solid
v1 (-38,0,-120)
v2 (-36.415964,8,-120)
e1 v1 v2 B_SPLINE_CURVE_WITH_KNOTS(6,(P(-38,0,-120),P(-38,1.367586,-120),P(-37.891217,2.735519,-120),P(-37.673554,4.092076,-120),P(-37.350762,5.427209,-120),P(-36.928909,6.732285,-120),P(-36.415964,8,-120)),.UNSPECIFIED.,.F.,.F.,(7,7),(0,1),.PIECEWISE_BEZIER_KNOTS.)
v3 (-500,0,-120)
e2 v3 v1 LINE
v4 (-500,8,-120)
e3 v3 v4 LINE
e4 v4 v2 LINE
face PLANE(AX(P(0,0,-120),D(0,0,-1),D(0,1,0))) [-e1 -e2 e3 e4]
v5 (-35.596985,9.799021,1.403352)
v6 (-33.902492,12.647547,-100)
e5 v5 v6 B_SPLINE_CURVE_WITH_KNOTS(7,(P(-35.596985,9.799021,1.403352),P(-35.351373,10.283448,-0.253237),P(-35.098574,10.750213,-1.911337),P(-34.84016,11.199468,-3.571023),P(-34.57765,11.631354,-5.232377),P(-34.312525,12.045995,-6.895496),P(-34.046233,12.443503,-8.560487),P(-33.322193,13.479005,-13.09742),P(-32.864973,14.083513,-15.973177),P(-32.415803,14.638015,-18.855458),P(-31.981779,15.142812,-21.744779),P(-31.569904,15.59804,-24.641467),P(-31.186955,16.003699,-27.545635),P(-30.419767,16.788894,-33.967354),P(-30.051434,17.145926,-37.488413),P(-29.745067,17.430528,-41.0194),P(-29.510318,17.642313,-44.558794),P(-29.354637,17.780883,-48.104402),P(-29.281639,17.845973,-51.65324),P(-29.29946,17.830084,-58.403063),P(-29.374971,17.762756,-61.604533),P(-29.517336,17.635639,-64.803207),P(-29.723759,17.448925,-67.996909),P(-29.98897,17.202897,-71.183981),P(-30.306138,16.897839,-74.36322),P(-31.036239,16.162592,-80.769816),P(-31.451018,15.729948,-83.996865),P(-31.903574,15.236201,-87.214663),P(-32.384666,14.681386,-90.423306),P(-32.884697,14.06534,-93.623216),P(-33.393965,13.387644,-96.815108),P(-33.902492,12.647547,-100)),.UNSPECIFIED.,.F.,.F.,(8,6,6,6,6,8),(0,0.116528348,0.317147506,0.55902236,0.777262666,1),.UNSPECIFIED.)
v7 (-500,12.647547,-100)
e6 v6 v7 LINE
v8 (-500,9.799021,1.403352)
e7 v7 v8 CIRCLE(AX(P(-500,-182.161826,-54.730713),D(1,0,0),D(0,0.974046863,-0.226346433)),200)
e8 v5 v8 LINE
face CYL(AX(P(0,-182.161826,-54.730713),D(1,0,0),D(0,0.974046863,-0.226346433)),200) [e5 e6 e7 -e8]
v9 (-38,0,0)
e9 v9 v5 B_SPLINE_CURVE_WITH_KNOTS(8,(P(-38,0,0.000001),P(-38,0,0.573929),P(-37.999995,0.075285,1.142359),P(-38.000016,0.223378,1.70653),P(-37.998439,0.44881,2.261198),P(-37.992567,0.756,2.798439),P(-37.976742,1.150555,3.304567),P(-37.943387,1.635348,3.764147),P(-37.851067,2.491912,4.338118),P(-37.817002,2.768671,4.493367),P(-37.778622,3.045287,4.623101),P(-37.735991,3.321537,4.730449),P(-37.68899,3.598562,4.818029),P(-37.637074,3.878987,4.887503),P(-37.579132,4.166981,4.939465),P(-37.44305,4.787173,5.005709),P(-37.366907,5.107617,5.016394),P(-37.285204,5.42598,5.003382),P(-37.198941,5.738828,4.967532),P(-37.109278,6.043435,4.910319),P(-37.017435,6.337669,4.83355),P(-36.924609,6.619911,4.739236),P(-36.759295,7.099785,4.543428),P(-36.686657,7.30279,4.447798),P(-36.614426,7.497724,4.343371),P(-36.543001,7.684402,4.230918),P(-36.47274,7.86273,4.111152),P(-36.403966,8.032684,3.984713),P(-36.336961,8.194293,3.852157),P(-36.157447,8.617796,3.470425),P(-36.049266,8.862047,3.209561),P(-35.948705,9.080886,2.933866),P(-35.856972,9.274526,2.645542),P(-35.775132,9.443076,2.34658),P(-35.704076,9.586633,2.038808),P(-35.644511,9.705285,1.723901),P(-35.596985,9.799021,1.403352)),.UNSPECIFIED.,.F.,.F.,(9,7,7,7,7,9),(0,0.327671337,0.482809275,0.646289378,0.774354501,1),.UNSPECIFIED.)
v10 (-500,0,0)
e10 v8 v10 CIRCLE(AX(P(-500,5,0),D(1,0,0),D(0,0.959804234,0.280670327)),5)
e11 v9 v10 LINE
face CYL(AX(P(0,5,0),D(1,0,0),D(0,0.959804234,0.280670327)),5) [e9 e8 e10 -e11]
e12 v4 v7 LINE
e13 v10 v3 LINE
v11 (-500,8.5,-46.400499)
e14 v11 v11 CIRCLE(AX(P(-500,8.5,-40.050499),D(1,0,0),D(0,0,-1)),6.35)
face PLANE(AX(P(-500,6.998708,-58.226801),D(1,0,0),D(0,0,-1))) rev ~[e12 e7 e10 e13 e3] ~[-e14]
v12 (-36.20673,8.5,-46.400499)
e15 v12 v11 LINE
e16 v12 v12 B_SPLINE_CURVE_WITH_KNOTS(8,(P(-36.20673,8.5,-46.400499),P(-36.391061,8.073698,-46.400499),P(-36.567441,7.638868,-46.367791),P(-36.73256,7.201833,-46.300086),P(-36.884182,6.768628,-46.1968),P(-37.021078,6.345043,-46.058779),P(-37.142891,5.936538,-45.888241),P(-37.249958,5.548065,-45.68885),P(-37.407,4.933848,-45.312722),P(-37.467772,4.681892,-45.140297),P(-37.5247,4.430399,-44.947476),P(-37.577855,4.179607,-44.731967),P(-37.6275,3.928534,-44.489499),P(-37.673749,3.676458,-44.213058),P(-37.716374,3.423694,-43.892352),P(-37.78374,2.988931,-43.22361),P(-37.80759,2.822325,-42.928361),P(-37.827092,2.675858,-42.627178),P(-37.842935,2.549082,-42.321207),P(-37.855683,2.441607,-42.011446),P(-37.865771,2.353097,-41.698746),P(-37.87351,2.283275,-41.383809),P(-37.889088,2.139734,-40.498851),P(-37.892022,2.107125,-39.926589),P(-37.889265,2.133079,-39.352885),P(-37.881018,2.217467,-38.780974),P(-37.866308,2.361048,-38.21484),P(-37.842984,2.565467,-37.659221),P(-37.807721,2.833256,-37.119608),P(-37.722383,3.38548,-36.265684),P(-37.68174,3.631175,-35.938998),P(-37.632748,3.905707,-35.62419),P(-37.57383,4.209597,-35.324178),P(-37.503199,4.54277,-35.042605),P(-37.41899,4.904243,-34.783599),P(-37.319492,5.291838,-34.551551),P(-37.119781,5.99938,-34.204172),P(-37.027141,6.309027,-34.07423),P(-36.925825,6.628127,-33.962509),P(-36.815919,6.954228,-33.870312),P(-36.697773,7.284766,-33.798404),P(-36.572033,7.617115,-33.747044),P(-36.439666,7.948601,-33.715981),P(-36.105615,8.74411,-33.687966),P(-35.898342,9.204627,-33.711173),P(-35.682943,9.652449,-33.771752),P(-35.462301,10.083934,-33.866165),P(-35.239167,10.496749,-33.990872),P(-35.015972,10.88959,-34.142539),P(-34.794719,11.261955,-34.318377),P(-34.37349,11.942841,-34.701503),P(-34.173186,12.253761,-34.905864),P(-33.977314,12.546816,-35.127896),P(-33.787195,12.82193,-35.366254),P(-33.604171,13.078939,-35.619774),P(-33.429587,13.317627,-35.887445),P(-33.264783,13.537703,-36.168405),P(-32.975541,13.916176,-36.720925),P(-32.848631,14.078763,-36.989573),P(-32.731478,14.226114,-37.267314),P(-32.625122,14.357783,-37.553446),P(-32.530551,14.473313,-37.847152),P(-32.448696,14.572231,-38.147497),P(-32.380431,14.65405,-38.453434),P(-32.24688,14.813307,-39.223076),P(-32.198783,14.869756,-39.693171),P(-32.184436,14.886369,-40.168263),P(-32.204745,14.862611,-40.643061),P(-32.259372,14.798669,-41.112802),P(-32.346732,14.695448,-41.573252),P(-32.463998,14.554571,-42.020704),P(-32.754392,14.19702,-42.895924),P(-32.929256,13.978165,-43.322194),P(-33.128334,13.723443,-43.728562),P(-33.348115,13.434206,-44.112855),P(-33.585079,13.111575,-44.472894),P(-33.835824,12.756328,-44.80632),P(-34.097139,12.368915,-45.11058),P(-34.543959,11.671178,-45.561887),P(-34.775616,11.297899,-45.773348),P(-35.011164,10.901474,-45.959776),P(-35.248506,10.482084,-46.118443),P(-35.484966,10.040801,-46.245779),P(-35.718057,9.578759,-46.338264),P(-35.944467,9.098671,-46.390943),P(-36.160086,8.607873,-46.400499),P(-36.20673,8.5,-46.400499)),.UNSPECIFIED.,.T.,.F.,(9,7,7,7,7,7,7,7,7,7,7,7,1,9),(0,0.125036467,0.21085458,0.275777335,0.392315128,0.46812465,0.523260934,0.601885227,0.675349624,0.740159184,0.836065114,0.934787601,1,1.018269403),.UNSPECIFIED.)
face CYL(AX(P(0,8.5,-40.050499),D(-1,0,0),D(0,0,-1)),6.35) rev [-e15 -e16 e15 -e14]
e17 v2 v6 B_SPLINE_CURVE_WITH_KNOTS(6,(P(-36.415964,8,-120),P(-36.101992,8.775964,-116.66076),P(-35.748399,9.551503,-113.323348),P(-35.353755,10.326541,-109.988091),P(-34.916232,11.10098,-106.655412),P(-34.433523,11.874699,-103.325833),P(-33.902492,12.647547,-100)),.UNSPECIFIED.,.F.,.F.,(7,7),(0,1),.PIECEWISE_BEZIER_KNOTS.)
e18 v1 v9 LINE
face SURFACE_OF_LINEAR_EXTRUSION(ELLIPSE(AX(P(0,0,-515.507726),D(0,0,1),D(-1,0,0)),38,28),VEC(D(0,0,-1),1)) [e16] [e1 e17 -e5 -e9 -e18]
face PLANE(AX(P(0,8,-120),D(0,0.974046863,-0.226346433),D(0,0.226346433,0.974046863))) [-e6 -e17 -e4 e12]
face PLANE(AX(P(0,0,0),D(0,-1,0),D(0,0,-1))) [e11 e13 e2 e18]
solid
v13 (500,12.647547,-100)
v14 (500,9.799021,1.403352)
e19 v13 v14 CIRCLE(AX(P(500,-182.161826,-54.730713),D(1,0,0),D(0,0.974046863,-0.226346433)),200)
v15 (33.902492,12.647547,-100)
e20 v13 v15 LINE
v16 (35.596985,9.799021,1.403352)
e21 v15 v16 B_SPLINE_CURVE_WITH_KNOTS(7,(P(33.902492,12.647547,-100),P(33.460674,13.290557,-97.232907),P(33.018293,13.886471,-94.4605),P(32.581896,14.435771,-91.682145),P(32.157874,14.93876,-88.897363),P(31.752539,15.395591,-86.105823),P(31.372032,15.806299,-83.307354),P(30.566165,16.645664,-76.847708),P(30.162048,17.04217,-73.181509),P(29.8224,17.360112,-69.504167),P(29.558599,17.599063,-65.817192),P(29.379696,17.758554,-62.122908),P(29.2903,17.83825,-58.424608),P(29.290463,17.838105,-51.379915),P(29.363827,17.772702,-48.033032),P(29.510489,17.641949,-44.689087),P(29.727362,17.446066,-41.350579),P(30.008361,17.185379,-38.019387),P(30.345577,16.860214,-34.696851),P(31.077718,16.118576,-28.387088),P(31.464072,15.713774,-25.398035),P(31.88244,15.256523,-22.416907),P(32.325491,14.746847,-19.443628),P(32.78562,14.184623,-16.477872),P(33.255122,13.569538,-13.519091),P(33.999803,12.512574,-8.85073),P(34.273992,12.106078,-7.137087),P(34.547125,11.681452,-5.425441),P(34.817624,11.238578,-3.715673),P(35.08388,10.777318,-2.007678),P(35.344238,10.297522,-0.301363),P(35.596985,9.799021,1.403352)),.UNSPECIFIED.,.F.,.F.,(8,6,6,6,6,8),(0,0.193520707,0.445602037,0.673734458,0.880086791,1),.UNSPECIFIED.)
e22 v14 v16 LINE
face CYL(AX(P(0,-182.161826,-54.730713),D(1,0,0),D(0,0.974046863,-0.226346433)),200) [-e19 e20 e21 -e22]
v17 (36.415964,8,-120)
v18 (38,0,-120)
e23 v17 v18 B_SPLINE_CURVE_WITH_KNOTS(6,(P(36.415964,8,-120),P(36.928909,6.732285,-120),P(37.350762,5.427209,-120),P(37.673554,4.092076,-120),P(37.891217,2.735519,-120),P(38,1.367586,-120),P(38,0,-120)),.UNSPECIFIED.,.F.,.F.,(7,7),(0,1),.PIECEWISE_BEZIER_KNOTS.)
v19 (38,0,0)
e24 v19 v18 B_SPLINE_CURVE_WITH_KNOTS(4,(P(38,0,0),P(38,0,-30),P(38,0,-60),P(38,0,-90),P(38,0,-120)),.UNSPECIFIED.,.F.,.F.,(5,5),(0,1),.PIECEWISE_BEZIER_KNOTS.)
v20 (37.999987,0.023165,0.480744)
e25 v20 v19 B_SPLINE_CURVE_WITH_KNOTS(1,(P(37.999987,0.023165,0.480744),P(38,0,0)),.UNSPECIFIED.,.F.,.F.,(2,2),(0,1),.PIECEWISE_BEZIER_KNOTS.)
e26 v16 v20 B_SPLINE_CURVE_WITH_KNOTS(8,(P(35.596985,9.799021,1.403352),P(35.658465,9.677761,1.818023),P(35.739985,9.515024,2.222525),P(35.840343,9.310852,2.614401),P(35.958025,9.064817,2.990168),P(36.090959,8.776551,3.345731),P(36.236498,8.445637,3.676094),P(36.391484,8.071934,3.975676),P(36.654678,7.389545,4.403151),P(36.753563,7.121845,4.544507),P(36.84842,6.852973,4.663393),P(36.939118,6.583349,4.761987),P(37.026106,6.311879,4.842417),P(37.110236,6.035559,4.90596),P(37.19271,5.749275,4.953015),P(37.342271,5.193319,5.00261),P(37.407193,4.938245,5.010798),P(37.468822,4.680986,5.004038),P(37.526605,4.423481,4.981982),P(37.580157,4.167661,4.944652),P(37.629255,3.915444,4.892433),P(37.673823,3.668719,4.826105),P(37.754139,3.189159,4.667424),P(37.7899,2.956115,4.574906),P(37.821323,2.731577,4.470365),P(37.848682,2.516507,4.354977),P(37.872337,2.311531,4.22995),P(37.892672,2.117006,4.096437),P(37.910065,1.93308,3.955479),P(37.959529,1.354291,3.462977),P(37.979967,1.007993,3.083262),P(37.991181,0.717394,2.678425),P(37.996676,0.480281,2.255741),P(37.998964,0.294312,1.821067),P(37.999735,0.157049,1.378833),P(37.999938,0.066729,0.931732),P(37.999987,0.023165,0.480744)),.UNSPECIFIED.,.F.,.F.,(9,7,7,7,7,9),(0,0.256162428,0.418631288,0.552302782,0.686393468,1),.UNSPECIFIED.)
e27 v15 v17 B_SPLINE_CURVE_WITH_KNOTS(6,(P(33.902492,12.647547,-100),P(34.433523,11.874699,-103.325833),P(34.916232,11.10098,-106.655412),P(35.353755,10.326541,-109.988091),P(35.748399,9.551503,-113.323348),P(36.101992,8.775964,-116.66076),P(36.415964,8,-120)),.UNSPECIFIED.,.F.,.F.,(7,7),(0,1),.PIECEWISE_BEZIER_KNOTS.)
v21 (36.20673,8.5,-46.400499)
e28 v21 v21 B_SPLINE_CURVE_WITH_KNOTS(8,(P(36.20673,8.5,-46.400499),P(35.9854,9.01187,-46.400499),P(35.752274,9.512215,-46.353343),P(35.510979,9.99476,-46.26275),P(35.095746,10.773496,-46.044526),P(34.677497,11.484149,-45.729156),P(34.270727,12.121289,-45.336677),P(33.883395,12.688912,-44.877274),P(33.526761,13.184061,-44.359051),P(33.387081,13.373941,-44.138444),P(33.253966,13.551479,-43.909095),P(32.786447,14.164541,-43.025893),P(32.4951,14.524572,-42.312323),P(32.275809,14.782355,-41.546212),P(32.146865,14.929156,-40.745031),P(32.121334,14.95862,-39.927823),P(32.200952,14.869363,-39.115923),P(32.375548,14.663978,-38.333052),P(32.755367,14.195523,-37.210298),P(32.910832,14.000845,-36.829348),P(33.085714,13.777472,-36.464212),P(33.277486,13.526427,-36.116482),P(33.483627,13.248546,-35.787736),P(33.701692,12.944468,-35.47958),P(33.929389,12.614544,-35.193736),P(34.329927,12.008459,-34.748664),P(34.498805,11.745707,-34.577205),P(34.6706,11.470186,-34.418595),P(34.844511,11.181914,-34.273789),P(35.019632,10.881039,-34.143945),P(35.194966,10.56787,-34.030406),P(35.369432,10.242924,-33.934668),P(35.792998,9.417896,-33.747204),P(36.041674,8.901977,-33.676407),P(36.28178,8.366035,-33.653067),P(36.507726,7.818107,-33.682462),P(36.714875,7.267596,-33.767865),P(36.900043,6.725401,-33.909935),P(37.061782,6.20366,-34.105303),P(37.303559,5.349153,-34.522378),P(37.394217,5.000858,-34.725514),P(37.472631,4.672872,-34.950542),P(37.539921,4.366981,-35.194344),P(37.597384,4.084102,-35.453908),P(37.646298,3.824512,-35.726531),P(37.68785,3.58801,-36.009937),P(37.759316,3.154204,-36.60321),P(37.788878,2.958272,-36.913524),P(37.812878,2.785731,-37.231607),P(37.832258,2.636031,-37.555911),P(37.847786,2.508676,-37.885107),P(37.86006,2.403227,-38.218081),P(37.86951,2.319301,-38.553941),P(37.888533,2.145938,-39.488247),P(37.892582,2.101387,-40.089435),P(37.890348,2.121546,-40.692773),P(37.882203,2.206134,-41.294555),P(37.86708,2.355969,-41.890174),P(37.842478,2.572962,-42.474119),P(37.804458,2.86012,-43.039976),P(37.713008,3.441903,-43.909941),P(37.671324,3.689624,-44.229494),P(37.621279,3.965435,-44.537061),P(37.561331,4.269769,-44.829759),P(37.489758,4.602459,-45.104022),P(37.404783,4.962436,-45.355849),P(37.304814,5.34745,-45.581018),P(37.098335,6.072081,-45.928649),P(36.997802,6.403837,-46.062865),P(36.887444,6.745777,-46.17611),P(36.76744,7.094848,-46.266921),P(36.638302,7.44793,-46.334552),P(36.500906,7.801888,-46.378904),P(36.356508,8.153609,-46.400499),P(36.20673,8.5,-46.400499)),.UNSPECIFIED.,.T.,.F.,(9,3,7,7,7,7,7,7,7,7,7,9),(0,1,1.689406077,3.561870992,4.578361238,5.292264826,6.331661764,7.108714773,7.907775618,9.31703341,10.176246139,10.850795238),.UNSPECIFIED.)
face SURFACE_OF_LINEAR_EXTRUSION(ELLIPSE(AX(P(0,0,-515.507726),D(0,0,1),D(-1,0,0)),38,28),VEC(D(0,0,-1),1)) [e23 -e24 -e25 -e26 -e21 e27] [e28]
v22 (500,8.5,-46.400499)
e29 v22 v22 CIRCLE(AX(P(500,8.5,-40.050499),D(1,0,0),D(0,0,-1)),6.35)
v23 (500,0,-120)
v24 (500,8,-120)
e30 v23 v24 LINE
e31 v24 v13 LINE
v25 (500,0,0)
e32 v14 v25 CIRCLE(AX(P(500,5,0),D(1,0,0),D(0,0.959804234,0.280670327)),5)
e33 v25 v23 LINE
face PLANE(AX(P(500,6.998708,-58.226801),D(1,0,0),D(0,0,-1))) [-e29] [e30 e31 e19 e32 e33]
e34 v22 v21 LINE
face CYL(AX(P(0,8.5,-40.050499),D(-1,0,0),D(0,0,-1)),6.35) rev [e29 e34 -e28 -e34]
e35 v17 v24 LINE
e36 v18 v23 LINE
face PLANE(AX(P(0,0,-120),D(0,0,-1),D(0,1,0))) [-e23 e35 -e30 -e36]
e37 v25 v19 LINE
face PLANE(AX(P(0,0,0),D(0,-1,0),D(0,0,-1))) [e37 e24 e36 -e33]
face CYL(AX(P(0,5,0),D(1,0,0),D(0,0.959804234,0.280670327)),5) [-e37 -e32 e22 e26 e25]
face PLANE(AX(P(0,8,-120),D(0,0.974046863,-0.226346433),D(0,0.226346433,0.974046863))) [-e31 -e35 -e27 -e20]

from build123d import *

# Parameters (mm, degrees)
SKETCH1_R               = 6.35
BOSS_EXTRUDE1_DEPTH     = 500
CUT_EXTRUDE1_DEPTH      = 515.507726342
CUT_EXTRUDE1_DEPTH_BACK = 515.507726342
SKETCH2_RX              = 38
SKETCH2_RY              = 28


with BuildPart() as part:
    # Sketch1 → Boss-Extrude1 (new, symmetric)
    with BuildSketch(Plane(origin=(0, 0, 0), x_dir=(0, 0, -1), z_dir=(1, 0, 0))):
        with BuildLine():
            Line((0, 0), (120, 0))
            Line((120, 0), (120, 8))
            Line((120, 8), (100, 12.647547086))
            ThreePointArc((100, 12.647547086), (49.114720166, 17.759310395), (-1.403352078, 9.799021169))
            ThreePointArc((-1.403352078, 9.799021169), (-4.94950068, 4.291164768), (0, 0))
        make_face()
        with Locations((40.05049932, 8.5)):
            Circle(SKETCH1_R, mode=Mode.SUBTRACT)
    extrude(amount=BOSS_EXTRUDE1_DEPTH, both=True)

    # Sketch2 → Cut-Extrude1 (cut, two sides: drawn at the far end of the back side and taken through both)
    with BuildSketch(Plane.XY.offset(-CUT_EXTRUDE1_DEPTH_BACK)):
        with Locations(Location((0, 0), (0, 0, -180))):
            Ellipse(SKETCH2_RX, SKETCH2_RY)
    extrude(amount=CUT_EXTRUDE1_DEPTH + CUT_EXTRUDE1_DEPTH_BACK, mode=Mode.SUBTRACT)


with BuildPart() as cut_extrude1_piece_1:
    # of the separate pieces the step leaves, piece 1, a body of its own (cut_extrude1_pieces)
    add(part.part.solids().sort_by_distance((-35.596984901, 9.799021169, 1.403352078))[0])


with BuildPart() as cut_extrude1_piece_2:
    # of the separate pieces the step leaves, piece 2, a body of its own (cut_extrude1_pieces)
    add(part.part.solids().sort_by_distance((500, 9.799021169, 1.403352078))[0])


solid = Compound([cut_extrude1_piece_1.part, cut_extrude1_piece_2.part])
